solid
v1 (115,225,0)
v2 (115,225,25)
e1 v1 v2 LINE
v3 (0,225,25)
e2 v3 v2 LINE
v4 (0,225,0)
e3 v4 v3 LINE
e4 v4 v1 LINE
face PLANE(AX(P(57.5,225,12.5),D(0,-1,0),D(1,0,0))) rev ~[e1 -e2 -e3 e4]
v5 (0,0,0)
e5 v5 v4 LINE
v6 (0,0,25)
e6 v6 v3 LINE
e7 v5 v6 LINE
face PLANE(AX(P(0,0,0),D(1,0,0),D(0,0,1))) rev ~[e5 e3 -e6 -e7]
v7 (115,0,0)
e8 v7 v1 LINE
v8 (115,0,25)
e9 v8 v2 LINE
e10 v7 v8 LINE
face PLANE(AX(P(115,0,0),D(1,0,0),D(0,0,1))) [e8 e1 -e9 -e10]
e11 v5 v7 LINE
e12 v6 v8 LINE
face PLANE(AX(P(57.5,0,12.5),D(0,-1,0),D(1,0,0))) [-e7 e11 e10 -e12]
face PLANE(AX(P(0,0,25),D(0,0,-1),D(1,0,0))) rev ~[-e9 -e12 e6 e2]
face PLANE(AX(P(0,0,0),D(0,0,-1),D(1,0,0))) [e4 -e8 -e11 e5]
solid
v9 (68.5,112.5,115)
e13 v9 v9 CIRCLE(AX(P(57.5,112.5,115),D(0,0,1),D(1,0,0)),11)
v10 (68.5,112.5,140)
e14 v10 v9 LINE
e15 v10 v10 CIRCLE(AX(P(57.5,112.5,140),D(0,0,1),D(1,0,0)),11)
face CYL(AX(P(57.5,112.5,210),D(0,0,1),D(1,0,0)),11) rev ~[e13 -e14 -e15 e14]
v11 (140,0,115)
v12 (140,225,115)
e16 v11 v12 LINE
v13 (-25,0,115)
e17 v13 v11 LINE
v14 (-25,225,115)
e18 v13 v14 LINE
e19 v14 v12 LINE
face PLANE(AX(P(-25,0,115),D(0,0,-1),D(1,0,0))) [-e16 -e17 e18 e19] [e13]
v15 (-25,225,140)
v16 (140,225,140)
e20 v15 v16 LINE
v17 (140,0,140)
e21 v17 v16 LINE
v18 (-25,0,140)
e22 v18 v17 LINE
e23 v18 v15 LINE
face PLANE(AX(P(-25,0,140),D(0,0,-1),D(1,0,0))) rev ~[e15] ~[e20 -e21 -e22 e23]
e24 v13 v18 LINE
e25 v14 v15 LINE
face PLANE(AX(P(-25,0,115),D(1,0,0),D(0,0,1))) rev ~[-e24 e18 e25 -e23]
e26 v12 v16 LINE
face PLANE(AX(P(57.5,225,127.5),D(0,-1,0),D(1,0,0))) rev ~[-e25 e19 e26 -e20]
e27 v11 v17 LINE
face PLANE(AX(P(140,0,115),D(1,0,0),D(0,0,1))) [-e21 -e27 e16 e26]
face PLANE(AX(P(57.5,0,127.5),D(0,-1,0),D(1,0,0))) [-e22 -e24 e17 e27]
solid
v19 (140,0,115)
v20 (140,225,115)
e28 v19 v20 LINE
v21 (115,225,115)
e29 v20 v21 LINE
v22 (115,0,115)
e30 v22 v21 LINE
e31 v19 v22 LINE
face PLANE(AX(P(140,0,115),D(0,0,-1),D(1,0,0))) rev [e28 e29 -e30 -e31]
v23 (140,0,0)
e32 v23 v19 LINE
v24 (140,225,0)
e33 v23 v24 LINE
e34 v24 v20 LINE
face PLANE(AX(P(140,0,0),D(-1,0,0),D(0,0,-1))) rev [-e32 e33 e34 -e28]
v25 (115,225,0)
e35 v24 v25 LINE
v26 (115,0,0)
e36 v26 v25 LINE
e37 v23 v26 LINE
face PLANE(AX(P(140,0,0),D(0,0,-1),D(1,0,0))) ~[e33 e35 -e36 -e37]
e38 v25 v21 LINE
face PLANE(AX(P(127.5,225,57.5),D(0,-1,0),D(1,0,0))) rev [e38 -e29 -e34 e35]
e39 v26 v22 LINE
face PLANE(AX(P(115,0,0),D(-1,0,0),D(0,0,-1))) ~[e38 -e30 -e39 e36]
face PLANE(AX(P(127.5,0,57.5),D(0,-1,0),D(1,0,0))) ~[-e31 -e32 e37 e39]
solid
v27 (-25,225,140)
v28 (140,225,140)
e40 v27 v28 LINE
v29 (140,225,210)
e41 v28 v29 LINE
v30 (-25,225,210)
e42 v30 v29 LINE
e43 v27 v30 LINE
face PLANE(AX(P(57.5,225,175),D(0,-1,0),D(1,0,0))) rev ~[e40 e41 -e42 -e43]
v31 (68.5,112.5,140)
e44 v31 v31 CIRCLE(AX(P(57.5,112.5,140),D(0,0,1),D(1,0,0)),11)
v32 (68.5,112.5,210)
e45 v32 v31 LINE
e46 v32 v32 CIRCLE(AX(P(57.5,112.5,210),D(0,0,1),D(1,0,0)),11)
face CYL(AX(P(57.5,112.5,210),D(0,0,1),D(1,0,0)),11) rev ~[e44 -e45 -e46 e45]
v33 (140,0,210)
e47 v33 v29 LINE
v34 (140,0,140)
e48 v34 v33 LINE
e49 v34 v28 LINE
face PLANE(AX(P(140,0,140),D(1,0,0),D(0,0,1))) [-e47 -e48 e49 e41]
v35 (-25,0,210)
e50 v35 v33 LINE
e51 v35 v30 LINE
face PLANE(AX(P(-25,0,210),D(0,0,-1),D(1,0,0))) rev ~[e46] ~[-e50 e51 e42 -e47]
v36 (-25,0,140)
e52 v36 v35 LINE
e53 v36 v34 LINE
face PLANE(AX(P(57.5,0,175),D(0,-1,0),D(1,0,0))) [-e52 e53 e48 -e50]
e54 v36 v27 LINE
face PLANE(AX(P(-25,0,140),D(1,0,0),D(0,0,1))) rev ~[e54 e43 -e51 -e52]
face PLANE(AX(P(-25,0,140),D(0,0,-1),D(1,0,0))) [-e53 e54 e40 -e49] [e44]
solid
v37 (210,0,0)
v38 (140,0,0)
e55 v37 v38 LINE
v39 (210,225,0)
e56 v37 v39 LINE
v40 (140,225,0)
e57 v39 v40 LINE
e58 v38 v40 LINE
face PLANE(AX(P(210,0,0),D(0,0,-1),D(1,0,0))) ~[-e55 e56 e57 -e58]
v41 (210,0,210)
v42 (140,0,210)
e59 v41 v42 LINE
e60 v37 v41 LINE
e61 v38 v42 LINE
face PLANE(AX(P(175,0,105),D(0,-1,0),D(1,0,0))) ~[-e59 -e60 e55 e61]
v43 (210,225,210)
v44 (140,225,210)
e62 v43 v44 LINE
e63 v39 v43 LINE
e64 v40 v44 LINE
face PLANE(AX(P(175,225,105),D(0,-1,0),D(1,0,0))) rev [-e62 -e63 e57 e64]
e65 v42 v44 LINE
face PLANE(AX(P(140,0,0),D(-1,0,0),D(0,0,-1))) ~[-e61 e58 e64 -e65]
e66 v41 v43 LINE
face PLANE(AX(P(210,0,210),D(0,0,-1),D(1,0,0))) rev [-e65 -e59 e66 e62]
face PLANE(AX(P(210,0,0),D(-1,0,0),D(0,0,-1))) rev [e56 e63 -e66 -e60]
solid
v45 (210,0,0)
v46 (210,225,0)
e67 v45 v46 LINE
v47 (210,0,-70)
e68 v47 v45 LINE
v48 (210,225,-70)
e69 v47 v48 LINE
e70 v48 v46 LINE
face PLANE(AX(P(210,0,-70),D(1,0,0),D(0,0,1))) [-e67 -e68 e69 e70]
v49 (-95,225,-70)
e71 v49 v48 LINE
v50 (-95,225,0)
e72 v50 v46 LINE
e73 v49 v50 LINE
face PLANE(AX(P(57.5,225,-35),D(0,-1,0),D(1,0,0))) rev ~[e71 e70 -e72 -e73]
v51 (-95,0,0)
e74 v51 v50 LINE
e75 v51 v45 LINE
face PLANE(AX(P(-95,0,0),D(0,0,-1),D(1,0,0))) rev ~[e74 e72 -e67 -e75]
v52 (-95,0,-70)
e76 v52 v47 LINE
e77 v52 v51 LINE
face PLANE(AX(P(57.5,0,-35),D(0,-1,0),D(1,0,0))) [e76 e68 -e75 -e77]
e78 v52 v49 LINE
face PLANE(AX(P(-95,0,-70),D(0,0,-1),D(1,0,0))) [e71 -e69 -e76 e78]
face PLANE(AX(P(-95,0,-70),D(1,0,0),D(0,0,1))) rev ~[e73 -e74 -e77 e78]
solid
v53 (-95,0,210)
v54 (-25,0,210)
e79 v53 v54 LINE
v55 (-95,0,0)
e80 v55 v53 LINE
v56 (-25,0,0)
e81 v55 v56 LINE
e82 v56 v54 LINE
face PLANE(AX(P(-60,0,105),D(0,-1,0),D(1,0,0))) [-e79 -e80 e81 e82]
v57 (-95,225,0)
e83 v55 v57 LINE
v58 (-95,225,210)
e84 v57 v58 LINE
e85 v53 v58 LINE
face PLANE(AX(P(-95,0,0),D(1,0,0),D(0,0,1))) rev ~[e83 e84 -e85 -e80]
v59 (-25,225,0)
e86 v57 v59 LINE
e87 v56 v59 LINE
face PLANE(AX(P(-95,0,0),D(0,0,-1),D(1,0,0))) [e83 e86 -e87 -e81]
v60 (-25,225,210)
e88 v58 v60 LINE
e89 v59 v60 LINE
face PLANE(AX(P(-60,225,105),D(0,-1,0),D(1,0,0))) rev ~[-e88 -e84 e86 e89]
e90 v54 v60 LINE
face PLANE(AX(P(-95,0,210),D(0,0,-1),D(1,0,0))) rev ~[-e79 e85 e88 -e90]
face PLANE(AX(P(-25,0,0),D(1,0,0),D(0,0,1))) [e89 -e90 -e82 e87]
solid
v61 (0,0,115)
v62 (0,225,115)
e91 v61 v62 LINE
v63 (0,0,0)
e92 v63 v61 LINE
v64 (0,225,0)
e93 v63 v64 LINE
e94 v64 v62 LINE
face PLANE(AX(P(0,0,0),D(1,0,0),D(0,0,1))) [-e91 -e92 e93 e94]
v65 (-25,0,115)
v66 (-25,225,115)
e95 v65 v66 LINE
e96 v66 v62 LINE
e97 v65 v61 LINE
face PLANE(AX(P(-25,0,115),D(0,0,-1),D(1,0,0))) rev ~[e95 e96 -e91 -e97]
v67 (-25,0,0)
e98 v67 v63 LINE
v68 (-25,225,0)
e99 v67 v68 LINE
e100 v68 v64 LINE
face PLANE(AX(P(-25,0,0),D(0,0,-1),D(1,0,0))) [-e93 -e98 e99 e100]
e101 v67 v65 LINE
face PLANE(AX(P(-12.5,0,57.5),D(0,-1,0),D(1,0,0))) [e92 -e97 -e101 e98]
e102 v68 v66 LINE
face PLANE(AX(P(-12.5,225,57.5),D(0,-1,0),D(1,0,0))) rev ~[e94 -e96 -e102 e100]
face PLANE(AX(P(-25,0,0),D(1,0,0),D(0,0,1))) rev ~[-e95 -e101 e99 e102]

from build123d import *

# Parameters (mm, degrees)
F0_W      = 115
F0_H      = 25
F1_DEPTH  = 225
F2_W      = 25
F2_H      = 115
F3_DEPTH  = 225
F6_W      = 165
F6_H      = 25
F7_DEPTH  = 225
F8_W      = 305
F8_H      = 70
F9_DEPTH  = 225
F10_W     = 70
F10_H     = 210
F11_DEPTH = 225
F13_W     = 165
F13_H     = 70
F14_DEPTH = 225
F15_R     = 11
F16_DEPTH = 95


with BuildPart() as f1:
    # F0 (on Front) → F1 (new body)
    with BuildSketch(Plane.XZ):
        with Locations((57.5, 12.5)):
            Rectangle(F0_W, F0_H)
    extrude(amount=-F1_DEPTH)


with BuildPart() as f3:
    # F2 (on Front) → F3 (new body, through all)
    with BuildSketch(Plane.XZ):
        with Locations((-12.5, 57.5)):
            Rectangle(F2_W, F2_H)
    extrude(amount=-F3_DEPTH)


with BuildPart() as f5_1:
    # F5: instance of F3
    add(f3.part.mirror(Plane(origin=(57.5, 112.5, 12.5), x_dir=(0, 1, 0), z_dir=(1, 0, 0))))


with BuildPart() as f7:
    # F6 (on Front) → F7 (new body, through all)
    with BuildSketch(Plane.XZ):
        with Locations((57.5, 127.5)):
            Rectangle(F6_W, F6_H)
    extrude(amount=-F7_DEPTH)


with BuildPart() as f9:
    # F8 (on Front) → F9 (new body, through all)
    with BuildSketch(Plane.XZ):
        with Locations((57.5, -35)):
            Rectangle(F8_W, F8_H)
    extrude(amount=-F9_DEPTH)


with BuildPart() as f11:
    # F10 (on Front) → F11 (new body, through all)
    with BuildSketch(Plane.XZ):
        with Locations((-60, 105)):
            Rectangle(F10_W, F10_H)
    extrude(amount=-F11_DEPTH)


with BuildPart() as f12_1:
    # F12: instance of F11
    add(f11.part.mirror(Plane(origin=(57.5, 112.5, 12.5), x_dir=(0, 1, 0), z_dir=(1, 0, 0))))


with BuildPart() as f14:
    # F13 (on Front) → F14 (new body, through all)
    with BuildSketch(Plane.XZ):
        with Locations((57.5, 175)):
            Rectangle(F13_W, F13_H)
    extrude(amount=-F14_DEPTH)


with BuildPart() as f16_tool:
    # F15 (on face) → F16 (new body, through all)
    with BuildSketch(Plane.XY.offset(210)):
        with Locations((57.5, 112.5)):
            Circle(F15_R)
    extrude(amount=-F16_DEPTH)


with BuildPart() as f7_1:
    add(f7.part)

    # F16: cut by f16_tool
    add(f16_tool.part, mode=Mode.SUBTRACT)


with BuildPart() as f14_1:
    add(f14.part)

    # F16: cut by f16_tool
    add(f16_tool.part, mode=Mode.SUBTRACT)


solid = Compound([f1.part, f3.part, f5_1.part, f9.part, f11.part, f12_1.part, f7_1.part, f14_1.part])
